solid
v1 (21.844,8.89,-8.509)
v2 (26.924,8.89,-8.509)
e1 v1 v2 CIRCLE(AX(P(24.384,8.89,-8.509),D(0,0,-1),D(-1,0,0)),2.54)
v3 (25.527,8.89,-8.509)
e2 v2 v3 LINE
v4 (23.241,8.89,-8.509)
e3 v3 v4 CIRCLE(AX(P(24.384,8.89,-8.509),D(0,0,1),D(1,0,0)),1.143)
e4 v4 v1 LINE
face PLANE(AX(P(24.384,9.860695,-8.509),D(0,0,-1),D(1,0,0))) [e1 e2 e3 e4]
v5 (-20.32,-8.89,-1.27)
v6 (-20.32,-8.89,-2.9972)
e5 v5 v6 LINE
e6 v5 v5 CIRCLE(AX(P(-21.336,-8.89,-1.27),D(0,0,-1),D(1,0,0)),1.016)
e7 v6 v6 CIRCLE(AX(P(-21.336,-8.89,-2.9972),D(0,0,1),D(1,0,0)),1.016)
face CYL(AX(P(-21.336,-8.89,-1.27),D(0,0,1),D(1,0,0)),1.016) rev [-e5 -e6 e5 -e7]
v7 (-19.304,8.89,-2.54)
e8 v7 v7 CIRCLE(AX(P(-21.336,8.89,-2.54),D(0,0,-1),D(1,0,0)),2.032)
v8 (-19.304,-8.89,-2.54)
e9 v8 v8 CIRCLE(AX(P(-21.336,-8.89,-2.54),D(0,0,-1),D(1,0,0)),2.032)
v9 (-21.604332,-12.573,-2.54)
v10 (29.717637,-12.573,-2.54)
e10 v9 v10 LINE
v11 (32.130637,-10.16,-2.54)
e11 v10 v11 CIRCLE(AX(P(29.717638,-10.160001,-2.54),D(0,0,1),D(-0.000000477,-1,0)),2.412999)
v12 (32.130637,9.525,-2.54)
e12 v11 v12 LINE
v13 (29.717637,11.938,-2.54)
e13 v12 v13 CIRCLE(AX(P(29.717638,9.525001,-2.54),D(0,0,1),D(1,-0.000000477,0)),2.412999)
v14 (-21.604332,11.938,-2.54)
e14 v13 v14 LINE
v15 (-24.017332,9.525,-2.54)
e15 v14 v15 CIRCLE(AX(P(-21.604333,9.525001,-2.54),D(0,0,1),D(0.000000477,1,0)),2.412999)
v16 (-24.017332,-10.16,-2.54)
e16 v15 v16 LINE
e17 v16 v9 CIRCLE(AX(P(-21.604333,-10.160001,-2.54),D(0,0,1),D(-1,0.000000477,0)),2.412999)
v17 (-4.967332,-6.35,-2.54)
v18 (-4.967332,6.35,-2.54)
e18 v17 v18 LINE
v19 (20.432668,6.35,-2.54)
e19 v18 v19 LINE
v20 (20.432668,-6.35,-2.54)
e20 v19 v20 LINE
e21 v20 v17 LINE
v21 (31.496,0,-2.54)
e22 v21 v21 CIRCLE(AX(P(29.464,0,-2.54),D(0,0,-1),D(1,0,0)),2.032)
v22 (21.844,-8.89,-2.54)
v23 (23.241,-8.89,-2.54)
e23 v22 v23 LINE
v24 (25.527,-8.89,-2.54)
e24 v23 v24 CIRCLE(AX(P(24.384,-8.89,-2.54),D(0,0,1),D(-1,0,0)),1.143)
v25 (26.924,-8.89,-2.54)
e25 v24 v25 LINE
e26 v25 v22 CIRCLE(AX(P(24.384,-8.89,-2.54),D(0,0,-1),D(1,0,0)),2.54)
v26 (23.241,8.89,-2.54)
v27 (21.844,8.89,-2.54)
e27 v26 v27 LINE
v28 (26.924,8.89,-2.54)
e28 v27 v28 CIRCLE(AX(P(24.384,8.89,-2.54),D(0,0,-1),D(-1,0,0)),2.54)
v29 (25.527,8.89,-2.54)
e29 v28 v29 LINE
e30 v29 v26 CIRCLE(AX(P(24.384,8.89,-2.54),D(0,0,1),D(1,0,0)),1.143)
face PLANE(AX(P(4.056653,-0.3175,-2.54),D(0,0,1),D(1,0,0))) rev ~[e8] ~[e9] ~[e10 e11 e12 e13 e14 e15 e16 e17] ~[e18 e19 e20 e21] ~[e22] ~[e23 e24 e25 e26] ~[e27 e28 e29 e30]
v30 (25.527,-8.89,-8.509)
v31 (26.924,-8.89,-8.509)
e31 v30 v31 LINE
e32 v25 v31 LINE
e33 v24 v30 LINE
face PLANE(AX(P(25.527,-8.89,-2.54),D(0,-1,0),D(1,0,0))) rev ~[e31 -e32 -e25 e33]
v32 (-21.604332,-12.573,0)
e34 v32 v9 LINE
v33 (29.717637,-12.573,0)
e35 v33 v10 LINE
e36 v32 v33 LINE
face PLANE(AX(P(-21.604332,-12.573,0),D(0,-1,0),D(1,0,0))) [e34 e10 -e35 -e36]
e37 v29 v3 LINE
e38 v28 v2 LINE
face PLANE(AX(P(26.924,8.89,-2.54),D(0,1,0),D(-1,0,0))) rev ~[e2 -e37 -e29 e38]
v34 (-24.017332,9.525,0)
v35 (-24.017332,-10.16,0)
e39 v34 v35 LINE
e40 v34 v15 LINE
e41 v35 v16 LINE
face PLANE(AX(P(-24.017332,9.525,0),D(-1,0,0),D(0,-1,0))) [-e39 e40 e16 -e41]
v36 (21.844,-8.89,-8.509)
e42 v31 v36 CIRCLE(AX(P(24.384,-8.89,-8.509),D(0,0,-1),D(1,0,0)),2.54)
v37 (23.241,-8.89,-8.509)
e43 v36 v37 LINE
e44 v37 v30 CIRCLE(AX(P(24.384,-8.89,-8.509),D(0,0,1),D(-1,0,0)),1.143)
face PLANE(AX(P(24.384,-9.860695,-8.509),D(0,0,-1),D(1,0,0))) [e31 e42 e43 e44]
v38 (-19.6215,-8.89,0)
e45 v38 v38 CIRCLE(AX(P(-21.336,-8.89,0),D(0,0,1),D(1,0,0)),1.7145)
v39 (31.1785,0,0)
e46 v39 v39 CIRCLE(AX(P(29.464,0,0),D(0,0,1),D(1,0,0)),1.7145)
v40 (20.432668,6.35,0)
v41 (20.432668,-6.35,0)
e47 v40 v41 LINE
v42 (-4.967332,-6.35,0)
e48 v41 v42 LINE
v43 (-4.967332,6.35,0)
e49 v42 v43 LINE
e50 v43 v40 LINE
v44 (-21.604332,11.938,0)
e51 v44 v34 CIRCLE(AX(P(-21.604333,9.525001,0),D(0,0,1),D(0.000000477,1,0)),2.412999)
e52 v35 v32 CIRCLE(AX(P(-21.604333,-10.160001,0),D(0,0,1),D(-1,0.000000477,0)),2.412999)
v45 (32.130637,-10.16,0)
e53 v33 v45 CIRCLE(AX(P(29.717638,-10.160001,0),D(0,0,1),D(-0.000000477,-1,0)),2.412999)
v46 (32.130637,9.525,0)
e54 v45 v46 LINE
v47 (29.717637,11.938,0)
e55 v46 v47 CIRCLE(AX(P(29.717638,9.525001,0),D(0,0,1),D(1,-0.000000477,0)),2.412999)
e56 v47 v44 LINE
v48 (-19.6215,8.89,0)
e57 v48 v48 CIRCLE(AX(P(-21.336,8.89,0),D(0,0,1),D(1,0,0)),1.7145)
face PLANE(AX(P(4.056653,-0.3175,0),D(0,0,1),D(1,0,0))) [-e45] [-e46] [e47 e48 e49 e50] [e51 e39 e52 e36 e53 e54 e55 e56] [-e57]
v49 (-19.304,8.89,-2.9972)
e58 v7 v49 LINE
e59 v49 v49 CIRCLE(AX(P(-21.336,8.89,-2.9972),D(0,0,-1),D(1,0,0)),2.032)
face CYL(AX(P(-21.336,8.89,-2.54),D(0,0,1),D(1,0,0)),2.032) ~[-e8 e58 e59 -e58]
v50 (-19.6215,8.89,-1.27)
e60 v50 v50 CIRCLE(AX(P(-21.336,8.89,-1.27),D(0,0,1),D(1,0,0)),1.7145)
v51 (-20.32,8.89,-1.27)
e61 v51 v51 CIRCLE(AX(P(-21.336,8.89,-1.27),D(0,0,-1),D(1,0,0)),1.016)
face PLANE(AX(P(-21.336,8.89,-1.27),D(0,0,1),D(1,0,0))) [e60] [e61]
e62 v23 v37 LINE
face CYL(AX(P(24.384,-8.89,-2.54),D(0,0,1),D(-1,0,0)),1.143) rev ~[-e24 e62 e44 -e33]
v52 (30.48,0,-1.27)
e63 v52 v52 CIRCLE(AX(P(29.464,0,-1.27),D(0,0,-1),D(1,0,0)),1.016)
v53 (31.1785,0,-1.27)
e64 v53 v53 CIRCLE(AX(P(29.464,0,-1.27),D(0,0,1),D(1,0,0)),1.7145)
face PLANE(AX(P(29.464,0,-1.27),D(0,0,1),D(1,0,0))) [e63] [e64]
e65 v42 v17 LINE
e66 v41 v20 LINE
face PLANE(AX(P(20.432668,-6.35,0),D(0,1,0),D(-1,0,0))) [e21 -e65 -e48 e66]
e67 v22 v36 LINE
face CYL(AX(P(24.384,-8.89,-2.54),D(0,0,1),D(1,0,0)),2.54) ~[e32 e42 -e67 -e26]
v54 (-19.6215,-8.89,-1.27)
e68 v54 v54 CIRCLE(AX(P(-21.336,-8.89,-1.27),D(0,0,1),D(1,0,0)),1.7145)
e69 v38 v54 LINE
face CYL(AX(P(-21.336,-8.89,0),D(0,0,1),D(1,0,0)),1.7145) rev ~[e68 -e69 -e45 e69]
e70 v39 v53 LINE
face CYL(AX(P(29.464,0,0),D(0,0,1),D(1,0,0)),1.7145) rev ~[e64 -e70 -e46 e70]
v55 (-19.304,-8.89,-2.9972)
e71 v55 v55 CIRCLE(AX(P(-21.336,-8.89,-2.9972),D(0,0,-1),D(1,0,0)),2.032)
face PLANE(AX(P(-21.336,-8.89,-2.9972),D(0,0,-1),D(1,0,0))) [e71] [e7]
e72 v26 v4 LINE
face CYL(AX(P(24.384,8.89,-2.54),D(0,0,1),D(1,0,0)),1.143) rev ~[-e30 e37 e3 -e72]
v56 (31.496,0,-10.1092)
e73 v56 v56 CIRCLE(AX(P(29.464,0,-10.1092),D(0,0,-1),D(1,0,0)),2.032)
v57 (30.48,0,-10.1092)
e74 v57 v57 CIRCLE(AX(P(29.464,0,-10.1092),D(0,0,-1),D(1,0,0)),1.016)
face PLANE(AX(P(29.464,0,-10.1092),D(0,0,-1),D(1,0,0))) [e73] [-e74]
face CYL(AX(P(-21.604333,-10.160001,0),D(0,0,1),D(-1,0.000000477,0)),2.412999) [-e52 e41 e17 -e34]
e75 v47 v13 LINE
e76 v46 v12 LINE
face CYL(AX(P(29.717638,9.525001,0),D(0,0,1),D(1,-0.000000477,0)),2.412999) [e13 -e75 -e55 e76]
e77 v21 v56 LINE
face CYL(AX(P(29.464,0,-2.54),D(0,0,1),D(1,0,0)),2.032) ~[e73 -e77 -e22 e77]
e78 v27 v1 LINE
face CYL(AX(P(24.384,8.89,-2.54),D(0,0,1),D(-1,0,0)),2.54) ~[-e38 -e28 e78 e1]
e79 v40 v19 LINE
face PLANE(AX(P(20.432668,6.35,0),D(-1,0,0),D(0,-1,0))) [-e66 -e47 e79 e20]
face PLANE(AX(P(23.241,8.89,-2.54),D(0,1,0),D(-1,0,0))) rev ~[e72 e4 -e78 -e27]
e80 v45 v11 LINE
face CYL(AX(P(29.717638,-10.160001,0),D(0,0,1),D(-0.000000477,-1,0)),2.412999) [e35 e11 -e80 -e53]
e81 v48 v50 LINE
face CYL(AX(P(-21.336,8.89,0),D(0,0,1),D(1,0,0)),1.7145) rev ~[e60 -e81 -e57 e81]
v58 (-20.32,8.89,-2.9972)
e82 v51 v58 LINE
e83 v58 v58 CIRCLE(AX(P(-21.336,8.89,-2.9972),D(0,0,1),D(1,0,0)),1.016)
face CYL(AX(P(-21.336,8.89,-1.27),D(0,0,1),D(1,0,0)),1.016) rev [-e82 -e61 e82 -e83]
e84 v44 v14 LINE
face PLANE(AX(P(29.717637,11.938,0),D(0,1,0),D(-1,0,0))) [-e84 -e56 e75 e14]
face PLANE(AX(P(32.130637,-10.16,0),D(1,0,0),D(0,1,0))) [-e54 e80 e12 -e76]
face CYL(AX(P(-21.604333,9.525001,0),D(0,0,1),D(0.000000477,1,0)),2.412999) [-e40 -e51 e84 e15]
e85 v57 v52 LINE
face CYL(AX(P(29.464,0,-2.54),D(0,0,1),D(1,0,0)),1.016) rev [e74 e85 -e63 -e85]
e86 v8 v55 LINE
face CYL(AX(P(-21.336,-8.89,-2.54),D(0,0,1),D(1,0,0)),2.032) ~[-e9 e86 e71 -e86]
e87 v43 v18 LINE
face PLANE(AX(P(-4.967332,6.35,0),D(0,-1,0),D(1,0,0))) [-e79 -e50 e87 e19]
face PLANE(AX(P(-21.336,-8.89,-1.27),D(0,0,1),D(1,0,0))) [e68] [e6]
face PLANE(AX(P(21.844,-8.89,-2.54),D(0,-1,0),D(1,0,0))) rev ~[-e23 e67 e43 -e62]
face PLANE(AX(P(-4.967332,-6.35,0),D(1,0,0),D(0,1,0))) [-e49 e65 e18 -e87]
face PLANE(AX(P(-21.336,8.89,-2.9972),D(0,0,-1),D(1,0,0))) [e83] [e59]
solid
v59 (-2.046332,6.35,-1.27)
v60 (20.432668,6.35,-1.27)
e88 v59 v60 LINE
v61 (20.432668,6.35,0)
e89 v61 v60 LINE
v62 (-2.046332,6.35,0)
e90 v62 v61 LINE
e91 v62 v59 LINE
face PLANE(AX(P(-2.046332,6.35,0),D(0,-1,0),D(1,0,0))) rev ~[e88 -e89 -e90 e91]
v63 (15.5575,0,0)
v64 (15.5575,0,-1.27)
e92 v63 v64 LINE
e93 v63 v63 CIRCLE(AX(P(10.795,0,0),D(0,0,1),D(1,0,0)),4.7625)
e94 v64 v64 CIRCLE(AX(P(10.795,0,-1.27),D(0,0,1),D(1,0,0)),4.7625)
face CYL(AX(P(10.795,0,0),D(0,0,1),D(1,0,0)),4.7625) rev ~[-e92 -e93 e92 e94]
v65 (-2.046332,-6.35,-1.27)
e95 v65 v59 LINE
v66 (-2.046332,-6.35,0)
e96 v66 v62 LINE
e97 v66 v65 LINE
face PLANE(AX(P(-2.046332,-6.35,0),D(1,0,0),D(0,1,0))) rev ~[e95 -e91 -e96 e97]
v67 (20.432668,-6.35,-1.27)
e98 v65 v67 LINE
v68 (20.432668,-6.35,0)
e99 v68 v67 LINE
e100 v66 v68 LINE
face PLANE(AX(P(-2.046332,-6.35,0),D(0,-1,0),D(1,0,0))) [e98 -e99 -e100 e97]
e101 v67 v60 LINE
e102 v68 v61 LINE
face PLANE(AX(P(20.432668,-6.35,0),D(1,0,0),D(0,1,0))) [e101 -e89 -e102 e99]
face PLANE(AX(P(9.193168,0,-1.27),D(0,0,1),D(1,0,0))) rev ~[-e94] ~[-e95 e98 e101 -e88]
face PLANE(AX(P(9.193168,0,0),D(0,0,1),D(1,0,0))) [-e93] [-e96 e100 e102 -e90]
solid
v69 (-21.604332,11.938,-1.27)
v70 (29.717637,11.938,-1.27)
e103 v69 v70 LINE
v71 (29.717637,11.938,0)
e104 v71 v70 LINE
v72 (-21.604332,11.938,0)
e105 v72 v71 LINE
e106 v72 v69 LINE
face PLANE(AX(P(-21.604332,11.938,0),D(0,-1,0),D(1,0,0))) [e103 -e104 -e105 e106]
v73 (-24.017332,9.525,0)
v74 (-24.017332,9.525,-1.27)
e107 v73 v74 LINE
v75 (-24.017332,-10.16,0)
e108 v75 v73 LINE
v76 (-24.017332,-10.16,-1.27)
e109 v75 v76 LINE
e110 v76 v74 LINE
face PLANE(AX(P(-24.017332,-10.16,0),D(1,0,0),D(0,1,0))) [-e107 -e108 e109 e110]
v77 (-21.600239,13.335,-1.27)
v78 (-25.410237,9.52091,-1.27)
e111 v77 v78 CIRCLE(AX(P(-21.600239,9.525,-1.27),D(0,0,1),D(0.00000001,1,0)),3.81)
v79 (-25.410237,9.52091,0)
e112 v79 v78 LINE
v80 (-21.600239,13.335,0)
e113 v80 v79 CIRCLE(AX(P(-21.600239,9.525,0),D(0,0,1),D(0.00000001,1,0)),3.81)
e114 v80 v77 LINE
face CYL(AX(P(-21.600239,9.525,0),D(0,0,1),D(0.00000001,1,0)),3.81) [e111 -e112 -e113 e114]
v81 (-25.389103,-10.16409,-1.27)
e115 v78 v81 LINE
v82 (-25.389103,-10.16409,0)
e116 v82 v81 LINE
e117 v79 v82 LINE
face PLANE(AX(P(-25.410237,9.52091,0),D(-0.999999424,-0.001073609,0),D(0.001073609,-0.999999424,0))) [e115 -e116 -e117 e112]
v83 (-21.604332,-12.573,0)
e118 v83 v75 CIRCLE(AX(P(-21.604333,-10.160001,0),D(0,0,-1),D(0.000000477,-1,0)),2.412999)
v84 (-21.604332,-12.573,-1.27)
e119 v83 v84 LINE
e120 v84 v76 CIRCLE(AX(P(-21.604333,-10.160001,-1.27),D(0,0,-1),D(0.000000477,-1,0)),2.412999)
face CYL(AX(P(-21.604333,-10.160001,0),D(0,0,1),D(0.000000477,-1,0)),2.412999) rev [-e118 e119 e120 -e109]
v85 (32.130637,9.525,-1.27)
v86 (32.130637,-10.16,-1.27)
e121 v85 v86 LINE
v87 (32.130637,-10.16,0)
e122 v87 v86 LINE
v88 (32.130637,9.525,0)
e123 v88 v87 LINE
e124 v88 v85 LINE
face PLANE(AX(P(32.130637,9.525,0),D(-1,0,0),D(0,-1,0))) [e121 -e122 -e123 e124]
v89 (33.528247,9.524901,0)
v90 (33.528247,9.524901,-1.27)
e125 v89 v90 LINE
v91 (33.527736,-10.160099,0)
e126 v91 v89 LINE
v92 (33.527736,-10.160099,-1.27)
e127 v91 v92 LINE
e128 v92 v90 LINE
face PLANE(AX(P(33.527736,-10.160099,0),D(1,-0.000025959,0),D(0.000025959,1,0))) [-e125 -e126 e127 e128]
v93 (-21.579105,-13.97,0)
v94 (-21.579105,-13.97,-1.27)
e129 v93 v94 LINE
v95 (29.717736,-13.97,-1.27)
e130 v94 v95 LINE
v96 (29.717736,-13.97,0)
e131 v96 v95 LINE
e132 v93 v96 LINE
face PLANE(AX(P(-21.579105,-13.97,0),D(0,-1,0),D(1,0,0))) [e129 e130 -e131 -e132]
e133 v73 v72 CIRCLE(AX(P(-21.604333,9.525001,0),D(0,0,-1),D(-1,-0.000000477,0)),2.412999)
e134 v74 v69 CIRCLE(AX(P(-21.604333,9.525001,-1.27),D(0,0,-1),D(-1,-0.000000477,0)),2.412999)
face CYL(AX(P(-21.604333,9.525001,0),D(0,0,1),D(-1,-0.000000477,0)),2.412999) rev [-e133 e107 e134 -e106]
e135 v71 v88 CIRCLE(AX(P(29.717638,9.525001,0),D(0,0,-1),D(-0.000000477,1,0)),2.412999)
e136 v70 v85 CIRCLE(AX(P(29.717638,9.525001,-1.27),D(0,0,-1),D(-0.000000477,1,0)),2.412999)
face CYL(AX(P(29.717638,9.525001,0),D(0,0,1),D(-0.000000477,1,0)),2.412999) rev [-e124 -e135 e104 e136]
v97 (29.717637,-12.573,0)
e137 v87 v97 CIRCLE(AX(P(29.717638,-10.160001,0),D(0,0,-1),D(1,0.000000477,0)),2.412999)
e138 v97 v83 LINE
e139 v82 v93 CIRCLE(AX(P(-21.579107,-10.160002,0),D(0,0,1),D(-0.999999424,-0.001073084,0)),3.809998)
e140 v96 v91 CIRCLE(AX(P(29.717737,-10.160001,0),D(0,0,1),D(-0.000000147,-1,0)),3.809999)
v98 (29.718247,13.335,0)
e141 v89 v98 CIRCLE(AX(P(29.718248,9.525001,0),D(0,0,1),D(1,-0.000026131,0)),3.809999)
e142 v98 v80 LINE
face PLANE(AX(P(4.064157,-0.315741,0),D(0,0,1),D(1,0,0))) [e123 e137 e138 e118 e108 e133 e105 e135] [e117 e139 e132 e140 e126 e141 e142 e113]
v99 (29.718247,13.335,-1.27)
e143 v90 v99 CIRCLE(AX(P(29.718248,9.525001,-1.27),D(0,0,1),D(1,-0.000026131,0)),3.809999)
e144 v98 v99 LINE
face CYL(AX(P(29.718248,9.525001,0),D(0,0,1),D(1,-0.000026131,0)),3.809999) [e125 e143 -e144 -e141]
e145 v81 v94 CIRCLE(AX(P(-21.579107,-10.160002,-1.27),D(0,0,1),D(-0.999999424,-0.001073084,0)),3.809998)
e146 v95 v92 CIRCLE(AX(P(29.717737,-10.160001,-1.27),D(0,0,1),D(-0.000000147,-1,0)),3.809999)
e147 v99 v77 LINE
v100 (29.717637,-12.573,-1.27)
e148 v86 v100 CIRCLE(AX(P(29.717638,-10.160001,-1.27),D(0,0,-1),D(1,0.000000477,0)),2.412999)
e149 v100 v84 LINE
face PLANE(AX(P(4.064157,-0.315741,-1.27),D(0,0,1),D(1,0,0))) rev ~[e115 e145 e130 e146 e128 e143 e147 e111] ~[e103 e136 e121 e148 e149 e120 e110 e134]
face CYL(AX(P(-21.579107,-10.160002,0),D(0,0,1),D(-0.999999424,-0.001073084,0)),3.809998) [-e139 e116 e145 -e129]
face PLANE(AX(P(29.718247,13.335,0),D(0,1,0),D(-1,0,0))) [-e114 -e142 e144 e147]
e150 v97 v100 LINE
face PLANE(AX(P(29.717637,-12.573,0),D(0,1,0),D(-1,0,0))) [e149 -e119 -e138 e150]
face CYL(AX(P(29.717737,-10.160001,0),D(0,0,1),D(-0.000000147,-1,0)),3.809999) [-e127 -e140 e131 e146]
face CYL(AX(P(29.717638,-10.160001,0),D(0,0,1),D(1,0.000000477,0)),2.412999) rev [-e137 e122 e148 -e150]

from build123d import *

# Parameters (mm, degrees)
F1_DEPTH  = 2.54
F0_W      = 22.479
F0_H      = 12.7
F0_R      = 4.7625
F2_DEPTH  = 1.27
F3_DEPTH  = 1.27
F4_R      = 2.032
F5_DEPTH  = 0.4572
F6_DEPTH  = 5.969
F7_R      = 1.7145
F8_DEPTH  = 1.27
F9_R      = 1.016
F10_DEPTH = 5.969
F11_R     = 2.032
F11_R_2   = 1.016
F12_DEPTH = 7.5692


with BuildPart() as f1:
    # F0 (on Top) → F1 (new body)
    with BuildSketch(Plane.XY):
        with BuildLine():
            Line((29.717637, 11.938), (-21.604332, 11.938))
            ThreePointArc((-21.604332, 11.938), (-23.310581, 11.231249), (-24.017332, 9.525))
            Line((-24.017332, 9.525), (-24.017332, -10.16))
            ThreePointArc((-24.017332, -10.16), (-23.310581, -11.866249), (-21.604332, -12.573))
            Line((-21.604332, -12.573), (29.717637, -12.573))
            ThreePointArc((29.717637, -12.573), (31.423886, -11.866249), (32.130637, -10.16))
            Line((32.130637, -10.16), (32.130637, 9.525))
            ThreePointArc((32.130637, 9.525), (31.423886, 11.231249), (29.717637, 11.938))
        make_face()
        Polygon((20.432668, 6.35), (20.432668, -6.35), (-2.046332, -6.35), (-4.967332, -6.35), (-4.967332, 6.35), (-2.046332, 6.35), align=None, mode=Mode.SUBTRACT)
    extrude(amount=-F1_DEPTH)

    # F4 (on face) → F5 (join)
    with BuildSketch(Plane(origin=(0, 0, -2.54), x_dir=(1, 0, 0), z_dir=(0, 0, -1))):
        with Locations((-21.336, 8.89)):
            Circle(F4_R)
        with Locations((-21.336, -8.89)):
            Circle(F4_R)
    extrude(amount=F5_DEPTH)

    # F4 (on face) → F6 (join)
    with BuildSketch(Plane(origin=(0, 0, -2.54), x_dir=(1, 0, 0), z_dir=(0, 0, -1))):
        with BuildLine():
            ThreePointArc((23.241, 8.89), (24.384, 10.033), (25.527, 8.89))
            Line((25.527, 8.89), (26.924, 8.89))
            ThreePointArc((26.924, 8.89), (24.384, 11.43), (21.844, 8.89))
            Line((21.844, 8.89), (23.241, 8.89))
        make_face()
        with BuildLine():
            Line((26.924, -8.89), (25.527, -8.89))
            ThreePointArc((25.527, -8.89), (24.384, -10.033), (23.241, -8.89))
            Line((23.241, -8.89), (21.844, -8.89))
            ThreePointArc((21.844, -8.89), (24.384, -11.43), (26.924, -8.89))
        make_face()
    extrude(amount=F6_DEPTH)

    # F7 (on face) → F8 (cut)
    with BuildSketch(Plane.XY):
        with Locations((-21.336, 8.89)):
            Circle(F7_R)
        with Locations((-21.336, -8.89)):
            Circle(F7_R)
        with Locations((29.464, 0)):
            Circle(F7_R)
    extrude(amount=-F8_DEPTH, mode=Mode.SUBTRACT)

    # F9 (on face) → F10 (cut)
    with BuildSketch(Plane(origin=(0, 0, -1.27), x_dir=(1, 0, 0), z_dir=(0, 0, -1))):
        with Locations((-21.336, 8.89)):
            Circle(F9_R)
        with Locations((-21.336, -8.89)):
            Circle(F9_R)
        with Locations((29.464, 0)):
            Circle(F9_R)
    extrude(amount=F10_DEPTH, mode=Mode.SUBTRACT)

    # F11 (on face) → F12 (join)
    with BuildSketch(Plane(origin=(0, 0, -2.54), x_dir=(1, 0, 0), z_dir=(0, 0, -1))):
        with Locations((29.464, 0)):
            Circle(F11_R)
        with Locations((29.464, 0)):
            Circle(F11_R_2, mode=Mode.SUBTRACT)
    extrude(amount=F12_DEPTH)


with BuildPart() as f2:
    # F0 (on Top) → F2 (new body)
    with BuildSketch(Plane.XY):
        with Locations((9.193168, 0)):
            Rectangle(F0_W, F0_H)
        with Locations((10.795, 0)):
            Circle(F0_R, mode=Mode.SUBTRACT)
    extrude(amount=-F2_DEPTH)


with BuildPart() as f3:
    # F0 (on Top) → F3 (new body)
    with BuildSketch(Plane.XY):
        with BuildLine():
            Line((-21.579105, -13.97), (29.717736, -13.97))
            ThreePointArc((29.717736, -13.97), (32.411778, -12.854112), (33.527736, -10.160099))
            Line((33.527736, -10.160099), (33.528247, 9.524901))
            ThreePointArc((33.528247, 9.524901), (32.412359, 12.219042), (29.718247, 13.335))
            Line((29.718247, 13.335), (-21.600239, 13.335))
            ThreePointArc((-21.600239, 13.335), (-24.295762, 12.21763), (-25.410237, 9.52091))
            Line((-25.410237, 9.52091), (-25.389103, -10.16409))
            ThreePointArc((-25.389103, -10.16409), (-24.271736, -12.855523), (-21.579105, -13.97))
        make_face()
        with BuildLine():
            ThreePointArc((-24.017332, 9.525), (-23.310581, 11.231249), (-21.604332, 11.938))
            Line((-21.604332, 11.938), (29.717637, 11.938))
            ThreePointArc((29.717637, 11.938), (31.423886, 11.231249), (32.130637, 9.525))
            Line((32.130637, 9.525), (32.130637, -10.16))
            ThreePointArc((32.130637, -10.16), (31.423886, -11.866249), (29.717637, -12.573))
            Line((29.717637, -12.573), (-21.604332, -12.573))
            ThreePointArc((-21.604332, -12.573), (-23.310581, -11.866249), (-24.017332, -10.16))
            Line((-24.017332, -10.16), (-24.017332, 9.525))
        make_face(mode=Mode.SUBTRACT)
    extrude(amount=-F3_DEPTH)


solid = Compound([f1.part, f2.part, f3.part])
